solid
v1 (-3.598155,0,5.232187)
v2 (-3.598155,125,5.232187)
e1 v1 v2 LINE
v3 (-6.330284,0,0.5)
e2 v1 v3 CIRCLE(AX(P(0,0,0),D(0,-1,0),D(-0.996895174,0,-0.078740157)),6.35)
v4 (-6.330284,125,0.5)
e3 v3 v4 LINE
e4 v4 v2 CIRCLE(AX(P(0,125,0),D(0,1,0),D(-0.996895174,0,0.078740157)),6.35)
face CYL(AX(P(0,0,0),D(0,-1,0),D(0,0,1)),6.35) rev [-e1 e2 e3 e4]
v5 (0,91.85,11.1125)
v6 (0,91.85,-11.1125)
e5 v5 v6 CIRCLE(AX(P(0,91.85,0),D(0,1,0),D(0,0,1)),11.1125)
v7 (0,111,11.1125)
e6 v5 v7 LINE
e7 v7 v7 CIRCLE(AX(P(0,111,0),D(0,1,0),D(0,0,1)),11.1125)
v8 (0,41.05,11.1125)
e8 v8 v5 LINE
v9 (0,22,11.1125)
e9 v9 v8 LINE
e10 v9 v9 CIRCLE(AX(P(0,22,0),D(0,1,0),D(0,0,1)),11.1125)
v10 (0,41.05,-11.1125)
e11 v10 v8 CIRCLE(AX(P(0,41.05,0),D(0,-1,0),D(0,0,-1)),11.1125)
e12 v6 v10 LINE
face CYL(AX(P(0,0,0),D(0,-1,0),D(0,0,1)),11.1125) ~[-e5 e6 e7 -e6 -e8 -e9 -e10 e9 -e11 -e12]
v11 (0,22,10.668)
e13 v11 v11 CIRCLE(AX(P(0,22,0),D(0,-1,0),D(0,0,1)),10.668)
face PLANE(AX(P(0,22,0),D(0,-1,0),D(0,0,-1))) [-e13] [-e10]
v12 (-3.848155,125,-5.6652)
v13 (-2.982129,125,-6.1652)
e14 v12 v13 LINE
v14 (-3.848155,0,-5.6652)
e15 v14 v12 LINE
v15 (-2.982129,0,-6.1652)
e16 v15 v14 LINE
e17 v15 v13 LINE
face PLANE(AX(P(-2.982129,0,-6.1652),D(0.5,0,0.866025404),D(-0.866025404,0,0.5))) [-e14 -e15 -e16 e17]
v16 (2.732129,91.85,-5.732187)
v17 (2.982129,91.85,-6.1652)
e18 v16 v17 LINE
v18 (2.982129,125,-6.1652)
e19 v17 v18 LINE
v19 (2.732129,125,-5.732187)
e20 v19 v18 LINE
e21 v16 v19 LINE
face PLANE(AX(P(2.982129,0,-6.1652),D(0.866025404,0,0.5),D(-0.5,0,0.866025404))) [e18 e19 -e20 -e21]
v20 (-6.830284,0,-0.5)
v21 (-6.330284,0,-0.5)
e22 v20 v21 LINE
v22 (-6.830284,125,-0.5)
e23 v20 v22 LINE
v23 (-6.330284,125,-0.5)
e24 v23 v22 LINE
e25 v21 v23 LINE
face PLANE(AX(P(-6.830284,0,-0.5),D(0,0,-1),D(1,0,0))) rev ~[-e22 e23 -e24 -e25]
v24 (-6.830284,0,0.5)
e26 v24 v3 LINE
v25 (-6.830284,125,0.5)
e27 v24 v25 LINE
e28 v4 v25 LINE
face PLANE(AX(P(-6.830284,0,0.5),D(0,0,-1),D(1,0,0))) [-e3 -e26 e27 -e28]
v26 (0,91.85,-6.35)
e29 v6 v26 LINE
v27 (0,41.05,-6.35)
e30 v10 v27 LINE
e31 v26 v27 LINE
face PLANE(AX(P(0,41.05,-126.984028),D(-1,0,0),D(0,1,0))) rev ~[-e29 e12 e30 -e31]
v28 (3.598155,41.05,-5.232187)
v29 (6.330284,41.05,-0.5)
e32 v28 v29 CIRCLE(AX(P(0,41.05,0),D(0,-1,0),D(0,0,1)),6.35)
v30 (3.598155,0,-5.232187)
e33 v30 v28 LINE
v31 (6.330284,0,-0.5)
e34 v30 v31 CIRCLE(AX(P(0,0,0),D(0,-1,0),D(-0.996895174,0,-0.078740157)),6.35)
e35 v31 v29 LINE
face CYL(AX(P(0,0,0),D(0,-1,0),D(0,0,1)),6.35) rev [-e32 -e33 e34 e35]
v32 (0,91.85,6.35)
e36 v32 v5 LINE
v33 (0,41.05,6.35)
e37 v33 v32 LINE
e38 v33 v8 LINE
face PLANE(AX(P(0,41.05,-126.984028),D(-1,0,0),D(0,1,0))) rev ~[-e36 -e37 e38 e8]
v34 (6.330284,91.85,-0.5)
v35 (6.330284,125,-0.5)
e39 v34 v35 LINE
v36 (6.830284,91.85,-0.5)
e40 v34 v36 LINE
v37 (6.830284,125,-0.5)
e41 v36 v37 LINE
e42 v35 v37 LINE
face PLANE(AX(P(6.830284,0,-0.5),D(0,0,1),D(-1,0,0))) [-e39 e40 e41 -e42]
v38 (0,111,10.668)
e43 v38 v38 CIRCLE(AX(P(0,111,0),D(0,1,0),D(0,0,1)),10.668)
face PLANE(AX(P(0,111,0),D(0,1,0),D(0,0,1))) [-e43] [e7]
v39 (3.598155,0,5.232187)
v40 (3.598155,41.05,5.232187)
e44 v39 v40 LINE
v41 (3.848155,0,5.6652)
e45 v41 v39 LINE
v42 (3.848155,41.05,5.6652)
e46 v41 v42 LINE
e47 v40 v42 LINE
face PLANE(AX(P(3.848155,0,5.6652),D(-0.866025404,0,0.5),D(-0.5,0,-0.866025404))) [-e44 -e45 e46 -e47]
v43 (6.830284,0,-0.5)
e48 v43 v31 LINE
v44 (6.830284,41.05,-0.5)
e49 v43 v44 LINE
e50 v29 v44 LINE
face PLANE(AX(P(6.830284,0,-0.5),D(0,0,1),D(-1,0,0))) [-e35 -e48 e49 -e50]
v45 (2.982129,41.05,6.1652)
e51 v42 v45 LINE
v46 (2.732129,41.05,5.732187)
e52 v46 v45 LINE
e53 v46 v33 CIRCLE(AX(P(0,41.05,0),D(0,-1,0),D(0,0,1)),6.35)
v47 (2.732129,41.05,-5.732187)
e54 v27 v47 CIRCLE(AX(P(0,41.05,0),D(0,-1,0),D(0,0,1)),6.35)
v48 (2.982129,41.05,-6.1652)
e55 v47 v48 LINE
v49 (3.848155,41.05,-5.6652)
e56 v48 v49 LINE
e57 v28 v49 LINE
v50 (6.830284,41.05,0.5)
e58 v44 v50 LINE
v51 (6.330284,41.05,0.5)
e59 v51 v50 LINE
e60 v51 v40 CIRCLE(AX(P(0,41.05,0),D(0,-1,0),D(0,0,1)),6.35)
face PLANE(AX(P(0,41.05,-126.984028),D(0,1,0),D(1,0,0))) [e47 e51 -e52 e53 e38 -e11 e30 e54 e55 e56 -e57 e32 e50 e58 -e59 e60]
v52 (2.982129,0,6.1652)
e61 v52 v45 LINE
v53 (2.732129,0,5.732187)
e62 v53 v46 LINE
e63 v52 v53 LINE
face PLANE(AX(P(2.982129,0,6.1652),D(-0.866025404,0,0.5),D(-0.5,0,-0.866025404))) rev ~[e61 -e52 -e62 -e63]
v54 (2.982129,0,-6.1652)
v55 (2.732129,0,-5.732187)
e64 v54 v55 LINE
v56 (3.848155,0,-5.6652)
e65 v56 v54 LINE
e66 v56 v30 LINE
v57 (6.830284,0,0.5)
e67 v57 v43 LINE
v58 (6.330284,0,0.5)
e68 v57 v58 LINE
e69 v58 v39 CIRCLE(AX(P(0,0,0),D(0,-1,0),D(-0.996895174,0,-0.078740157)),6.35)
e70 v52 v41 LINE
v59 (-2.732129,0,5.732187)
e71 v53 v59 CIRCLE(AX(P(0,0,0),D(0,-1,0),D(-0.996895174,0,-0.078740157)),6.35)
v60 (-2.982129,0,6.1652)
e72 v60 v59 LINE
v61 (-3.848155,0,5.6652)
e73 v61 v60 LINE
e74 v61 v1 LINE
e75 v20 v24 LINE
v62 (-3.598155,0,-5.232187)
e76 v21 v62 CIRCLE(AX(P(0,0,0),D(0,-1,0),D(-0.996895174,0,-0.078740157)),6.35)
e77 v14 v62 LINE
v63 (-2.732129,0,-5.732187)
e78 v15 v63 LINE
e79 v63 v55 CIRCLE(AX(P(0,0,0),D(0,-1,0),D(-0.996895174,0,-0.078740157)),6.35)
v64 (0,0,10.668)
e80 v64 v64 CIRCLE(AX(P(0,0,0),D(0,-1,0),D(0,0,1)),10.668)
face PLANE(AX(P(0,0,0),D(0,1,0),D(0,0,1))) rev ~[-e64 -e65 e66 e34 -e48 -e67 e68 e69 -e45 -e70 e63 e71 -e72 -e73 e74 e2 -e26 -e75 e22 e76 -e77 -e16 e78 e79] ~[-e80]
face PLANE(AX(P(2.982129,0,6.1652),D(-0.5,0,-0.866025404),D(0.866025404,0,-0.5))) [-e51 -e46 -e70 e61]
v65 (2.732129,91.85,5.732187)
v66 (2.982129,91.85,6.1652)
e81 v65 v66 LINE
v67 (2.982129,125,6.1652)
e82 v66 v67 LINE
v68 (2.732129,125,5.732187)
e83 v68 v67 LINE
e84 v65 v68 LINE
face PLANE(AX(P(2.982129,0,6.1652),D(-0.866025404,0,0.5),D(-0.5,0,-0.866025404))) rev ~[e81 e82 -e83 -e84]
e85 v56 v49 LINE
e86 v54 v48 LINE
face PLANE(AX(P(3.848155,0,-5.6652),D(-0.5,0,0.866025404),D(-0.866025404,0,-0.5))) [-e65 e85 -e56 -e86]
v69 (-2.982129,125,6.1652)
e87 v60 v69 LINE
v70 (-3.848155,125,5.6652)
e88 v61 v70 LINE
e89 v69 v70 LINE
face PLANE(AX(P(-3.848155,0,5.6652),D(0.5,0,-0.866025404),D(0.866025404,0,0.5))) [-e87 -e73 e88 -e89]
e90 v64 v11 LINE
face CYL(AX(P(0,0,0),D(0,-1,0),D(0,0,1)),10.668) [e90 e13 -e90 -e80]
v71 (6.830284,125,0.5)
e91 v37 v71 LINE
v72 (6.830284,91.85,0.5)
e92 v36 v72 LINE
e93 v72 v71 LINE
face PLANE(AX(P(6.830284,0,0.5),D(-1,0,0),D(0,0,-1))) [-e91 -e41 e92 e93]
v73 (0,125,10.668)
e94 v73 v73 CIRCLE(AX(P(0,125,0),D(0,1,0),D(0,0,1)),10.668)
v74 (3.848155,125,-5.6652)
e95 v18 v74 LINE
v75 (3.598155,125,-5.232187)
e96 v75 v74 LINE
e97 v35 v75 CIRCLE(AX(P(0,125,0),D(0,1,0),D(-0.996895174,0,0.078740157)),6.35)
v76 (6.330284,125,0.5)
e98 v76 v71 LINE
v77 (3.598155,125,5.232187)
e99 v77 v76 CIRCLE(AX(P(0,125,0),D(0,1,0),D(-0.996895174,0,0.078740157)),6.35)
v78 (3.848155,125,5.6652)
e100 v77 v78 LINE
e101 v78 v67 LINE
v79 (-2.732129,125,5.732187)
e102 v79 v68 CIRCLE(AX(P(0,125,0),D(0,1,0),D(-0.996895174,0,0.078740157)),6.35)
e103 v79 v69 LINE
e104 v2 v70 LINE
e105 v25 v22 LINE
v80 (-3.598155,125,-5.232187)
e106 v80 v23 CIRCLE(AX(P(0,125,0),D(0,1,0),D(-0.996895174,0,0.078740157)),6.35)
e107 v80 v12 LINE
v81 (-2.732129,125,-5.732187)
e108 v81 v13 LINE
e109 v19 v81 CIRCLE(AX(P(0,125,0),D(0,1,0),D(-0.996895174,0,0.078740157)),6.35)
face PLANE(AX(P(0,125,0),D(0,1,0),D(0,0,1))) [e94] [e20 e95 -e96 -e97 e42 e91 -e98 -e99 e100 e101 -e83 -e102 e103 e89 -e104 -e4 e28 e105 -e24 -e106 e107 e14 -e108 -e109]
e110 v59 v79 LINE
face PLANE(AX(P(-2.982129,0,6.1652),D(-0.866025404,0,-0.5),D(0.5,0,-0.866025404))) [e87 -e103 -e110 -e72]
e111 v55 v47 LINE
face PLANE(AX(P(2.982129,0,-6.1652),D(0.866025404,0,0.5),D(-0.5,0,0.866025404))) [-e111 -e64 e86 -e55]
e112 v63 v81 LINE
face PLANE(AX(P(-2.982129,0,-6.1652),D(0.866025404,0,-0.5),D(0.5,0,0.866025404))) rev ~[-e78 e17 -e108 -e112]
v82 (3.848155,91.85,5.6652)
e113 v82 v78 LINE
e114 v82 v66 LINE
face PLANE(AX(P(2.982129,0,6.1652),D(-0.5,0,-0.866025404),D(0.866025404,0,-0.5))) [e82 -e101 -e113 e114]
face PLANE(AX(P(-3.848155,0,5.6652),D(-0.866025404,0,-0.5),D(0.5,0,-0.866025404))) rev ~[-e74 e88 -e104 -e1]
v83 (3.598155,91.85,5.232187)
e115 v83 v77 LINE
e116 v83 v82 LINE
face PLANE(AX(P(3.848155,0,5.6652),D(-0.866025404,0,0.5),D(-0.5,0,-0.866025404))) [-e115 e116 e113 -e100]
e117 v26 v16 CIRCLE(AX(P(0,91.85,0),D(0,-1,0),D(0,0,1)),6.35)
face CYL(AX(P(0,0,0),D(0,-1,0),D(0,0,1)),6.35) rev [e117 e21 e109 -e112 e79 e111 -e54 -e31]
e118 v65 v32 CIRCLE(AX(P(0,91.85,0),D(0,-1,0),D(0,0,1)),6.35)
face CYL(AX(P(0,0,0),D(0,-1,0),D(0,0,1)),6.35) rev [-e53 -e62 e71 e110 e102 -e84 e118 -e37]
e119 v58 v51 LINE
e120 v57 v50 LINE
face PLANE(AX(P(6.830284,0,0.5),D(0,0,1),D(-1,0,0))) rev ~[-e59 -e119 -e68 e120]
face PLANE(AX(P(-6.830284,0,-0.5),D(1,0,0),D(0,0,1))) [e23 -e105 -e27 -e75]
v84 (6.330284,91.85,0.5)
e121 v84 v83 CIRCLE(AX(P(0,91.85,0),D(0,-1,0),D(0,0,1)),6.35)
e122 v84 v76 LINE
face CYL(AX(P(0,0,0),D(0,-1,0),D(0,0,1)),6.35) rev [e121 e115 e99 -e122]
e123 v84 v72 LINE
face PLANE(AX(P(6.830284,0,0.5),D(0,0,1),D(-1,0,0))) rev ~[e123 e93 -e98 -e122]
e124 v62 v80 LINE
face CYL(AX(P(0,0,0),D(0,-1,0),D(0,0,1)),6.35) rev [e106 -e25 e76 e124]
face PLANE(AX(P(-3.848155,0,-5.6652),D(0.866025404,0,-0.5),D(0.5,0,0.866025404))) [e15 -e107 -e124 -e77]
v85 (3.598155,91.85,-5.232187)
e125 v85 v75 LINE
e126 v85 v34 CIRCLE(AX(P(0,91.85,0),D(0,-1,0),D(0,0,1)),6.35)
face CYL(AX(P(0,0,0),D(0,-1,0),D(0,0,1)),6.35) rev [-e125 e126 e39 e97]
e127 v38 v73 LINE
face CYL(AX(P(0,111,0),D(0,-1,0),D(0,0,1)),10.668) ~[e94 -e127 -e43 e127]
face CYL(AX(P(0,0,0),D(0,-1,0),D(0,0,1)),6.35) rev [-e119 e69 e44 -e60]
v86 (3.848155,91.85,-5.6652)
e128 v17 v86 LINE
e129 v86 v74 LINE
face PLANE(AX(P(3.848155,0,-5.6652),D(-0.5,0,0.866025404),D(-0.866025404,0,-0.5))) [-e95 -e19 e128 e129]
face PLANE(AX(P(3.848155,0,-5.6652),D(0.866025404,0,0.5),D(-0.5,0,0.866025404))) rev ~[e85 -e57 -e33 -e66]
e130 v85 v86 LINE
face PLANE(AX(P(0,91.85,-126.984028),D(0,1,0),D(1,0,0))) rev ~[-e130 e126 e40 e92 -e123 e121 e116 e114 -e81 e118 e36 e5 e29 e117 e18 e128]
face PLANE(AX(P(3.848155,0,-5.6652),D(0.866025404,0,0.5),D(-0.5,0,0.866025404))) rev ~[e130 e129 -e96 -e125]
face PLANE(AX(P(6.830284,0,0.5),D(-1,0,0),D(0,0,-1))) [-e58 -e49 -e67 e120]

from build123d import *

# Parameters (mm, degrees)
SKETCH1_R               = 11.1125
SKETCH1_R_2             = 6.35
BOSS_EXTRUDE1_DEPTH     = 125
CUT_EXTRUDE1_START      = -14
SKETCH2_R               = 11.1125
SKETCH2_R_2             = 10.668
CUT_EXTRUDE1_DEPTH      = 14
SKETCH3_R               = 11.1125
SKETCH3_R_2             = 10.668
CUT_EXTRUDE2_DEPTH      = 22
CUT_EXTRUDE3_DEPTH      = 126.984028006
CUT_EXTRUDE3_DEPTH_BACK = 126.984028006
SKETCH4_W               = 11.1125
SKETCH4_H               = 50.8
SKETCH6_W               = 0.5
SKETCH6_H               = 1
CUT_EXTRUDE4_DEPTH      = 126.984028006
CIRPATTERN1_COUNT       = 6


with BuildPart() as part:
    # Sketch1 → Boss-Extrude1 (new body)
    with BuildSketch(Plane(origin=(0, 0, 0), x_dir=(1, 0, 0), z_dir=(0, 1, 0))):
        with Locations(Location((0, 0, 0), (0, 0, 270))):
            Circle(SKETCH1_R)
        with Locations(Location((0, 0, 0), (0, 0, 270))):
            Circle(SKETCH1_R_2, mode=Mode.SUBTRACT)
    extrude(amount=BOSS_EXTRUDE1_DEPTH)

    # Sketch2 → Cut-Extrude1 (cut)
    with BuildSketch(Plane(origin=(0, 125, 0), x_dir=(1, 0, 0), z_dir=(0, 1, 0)).offset(CUT_EXTRUDE1_START)):
        with Locations(Location((0, 0, 0), (0, 0, 270))):
            Circle(SKETCH2_R)
        with Locations(Location((0, 0, 0), (0, 0, 270))):
            Circle(SKETCH2_R_2, mode=Mode.SUBTRACT)
    extrude(amount=CUT_EXTRUDE1_DEPTH, mode=Mode.SUBTRACT)

    # Sketch3 → Cut-Extrude2 (cut)
    with BuildSketch(Plane.XZ):
        with Locations(Location((0, 0, 0), (0, 0, 270))):
            Circle(SKETCH3_R)
        with Locations(Location((0, 0, 0), (0, 0, 90))):
            Circle(SKETCH3_R_2, mode=Mode.SUBTRACT)
    extrude(amount=-CUT_EXTRUDE2_DEPTH, mode=Mode.SUBTRACT)

    # Sketch4 → Cut-Extrude3 (cut, two sides: drawn at the far end of the back side and taken through both)
    with BuildSketch(Plane.XY.offset(-CUT_EXTRUDE3_DEPTH_BACK)):
        with Locations((5.55625, 66.45)):
            Rectangle(SKETCH4_W, SKETCH4_H)
    extrude(amount=CUT_EXTRUDE3_DEPTH + CUT_EXTRUDE3_DEPTH_BACK, mode=Mode.SUBTRACT)

    # Sketch6 → Cut-Extrude4 (cut, through all)
    with BuildSketch(Plane.XZ):
        with Locations((-6.580284354, 0)):
            Rectangle(SKETCH6_W, SKETCH6_H)
    cut_extrude4 = extrude(amount=-CUT_EXTRUDE4_DEPTH, mode=Mode.SUBTRACT)

    # CirPattern1: Cut-Extrude4 ×6 about axis
    cirpattern1_axis = Axis((0, 0, 0), (0, 1, 0))
    for i in range(1, CIRPATTERN1_COUNT):
        add(cut_extrude4.rotate(cirpattern1_axis, i * 360 / CIRPATTERN1_COUNT), mode=Mode.SUBTRACT)


solid = part.part
